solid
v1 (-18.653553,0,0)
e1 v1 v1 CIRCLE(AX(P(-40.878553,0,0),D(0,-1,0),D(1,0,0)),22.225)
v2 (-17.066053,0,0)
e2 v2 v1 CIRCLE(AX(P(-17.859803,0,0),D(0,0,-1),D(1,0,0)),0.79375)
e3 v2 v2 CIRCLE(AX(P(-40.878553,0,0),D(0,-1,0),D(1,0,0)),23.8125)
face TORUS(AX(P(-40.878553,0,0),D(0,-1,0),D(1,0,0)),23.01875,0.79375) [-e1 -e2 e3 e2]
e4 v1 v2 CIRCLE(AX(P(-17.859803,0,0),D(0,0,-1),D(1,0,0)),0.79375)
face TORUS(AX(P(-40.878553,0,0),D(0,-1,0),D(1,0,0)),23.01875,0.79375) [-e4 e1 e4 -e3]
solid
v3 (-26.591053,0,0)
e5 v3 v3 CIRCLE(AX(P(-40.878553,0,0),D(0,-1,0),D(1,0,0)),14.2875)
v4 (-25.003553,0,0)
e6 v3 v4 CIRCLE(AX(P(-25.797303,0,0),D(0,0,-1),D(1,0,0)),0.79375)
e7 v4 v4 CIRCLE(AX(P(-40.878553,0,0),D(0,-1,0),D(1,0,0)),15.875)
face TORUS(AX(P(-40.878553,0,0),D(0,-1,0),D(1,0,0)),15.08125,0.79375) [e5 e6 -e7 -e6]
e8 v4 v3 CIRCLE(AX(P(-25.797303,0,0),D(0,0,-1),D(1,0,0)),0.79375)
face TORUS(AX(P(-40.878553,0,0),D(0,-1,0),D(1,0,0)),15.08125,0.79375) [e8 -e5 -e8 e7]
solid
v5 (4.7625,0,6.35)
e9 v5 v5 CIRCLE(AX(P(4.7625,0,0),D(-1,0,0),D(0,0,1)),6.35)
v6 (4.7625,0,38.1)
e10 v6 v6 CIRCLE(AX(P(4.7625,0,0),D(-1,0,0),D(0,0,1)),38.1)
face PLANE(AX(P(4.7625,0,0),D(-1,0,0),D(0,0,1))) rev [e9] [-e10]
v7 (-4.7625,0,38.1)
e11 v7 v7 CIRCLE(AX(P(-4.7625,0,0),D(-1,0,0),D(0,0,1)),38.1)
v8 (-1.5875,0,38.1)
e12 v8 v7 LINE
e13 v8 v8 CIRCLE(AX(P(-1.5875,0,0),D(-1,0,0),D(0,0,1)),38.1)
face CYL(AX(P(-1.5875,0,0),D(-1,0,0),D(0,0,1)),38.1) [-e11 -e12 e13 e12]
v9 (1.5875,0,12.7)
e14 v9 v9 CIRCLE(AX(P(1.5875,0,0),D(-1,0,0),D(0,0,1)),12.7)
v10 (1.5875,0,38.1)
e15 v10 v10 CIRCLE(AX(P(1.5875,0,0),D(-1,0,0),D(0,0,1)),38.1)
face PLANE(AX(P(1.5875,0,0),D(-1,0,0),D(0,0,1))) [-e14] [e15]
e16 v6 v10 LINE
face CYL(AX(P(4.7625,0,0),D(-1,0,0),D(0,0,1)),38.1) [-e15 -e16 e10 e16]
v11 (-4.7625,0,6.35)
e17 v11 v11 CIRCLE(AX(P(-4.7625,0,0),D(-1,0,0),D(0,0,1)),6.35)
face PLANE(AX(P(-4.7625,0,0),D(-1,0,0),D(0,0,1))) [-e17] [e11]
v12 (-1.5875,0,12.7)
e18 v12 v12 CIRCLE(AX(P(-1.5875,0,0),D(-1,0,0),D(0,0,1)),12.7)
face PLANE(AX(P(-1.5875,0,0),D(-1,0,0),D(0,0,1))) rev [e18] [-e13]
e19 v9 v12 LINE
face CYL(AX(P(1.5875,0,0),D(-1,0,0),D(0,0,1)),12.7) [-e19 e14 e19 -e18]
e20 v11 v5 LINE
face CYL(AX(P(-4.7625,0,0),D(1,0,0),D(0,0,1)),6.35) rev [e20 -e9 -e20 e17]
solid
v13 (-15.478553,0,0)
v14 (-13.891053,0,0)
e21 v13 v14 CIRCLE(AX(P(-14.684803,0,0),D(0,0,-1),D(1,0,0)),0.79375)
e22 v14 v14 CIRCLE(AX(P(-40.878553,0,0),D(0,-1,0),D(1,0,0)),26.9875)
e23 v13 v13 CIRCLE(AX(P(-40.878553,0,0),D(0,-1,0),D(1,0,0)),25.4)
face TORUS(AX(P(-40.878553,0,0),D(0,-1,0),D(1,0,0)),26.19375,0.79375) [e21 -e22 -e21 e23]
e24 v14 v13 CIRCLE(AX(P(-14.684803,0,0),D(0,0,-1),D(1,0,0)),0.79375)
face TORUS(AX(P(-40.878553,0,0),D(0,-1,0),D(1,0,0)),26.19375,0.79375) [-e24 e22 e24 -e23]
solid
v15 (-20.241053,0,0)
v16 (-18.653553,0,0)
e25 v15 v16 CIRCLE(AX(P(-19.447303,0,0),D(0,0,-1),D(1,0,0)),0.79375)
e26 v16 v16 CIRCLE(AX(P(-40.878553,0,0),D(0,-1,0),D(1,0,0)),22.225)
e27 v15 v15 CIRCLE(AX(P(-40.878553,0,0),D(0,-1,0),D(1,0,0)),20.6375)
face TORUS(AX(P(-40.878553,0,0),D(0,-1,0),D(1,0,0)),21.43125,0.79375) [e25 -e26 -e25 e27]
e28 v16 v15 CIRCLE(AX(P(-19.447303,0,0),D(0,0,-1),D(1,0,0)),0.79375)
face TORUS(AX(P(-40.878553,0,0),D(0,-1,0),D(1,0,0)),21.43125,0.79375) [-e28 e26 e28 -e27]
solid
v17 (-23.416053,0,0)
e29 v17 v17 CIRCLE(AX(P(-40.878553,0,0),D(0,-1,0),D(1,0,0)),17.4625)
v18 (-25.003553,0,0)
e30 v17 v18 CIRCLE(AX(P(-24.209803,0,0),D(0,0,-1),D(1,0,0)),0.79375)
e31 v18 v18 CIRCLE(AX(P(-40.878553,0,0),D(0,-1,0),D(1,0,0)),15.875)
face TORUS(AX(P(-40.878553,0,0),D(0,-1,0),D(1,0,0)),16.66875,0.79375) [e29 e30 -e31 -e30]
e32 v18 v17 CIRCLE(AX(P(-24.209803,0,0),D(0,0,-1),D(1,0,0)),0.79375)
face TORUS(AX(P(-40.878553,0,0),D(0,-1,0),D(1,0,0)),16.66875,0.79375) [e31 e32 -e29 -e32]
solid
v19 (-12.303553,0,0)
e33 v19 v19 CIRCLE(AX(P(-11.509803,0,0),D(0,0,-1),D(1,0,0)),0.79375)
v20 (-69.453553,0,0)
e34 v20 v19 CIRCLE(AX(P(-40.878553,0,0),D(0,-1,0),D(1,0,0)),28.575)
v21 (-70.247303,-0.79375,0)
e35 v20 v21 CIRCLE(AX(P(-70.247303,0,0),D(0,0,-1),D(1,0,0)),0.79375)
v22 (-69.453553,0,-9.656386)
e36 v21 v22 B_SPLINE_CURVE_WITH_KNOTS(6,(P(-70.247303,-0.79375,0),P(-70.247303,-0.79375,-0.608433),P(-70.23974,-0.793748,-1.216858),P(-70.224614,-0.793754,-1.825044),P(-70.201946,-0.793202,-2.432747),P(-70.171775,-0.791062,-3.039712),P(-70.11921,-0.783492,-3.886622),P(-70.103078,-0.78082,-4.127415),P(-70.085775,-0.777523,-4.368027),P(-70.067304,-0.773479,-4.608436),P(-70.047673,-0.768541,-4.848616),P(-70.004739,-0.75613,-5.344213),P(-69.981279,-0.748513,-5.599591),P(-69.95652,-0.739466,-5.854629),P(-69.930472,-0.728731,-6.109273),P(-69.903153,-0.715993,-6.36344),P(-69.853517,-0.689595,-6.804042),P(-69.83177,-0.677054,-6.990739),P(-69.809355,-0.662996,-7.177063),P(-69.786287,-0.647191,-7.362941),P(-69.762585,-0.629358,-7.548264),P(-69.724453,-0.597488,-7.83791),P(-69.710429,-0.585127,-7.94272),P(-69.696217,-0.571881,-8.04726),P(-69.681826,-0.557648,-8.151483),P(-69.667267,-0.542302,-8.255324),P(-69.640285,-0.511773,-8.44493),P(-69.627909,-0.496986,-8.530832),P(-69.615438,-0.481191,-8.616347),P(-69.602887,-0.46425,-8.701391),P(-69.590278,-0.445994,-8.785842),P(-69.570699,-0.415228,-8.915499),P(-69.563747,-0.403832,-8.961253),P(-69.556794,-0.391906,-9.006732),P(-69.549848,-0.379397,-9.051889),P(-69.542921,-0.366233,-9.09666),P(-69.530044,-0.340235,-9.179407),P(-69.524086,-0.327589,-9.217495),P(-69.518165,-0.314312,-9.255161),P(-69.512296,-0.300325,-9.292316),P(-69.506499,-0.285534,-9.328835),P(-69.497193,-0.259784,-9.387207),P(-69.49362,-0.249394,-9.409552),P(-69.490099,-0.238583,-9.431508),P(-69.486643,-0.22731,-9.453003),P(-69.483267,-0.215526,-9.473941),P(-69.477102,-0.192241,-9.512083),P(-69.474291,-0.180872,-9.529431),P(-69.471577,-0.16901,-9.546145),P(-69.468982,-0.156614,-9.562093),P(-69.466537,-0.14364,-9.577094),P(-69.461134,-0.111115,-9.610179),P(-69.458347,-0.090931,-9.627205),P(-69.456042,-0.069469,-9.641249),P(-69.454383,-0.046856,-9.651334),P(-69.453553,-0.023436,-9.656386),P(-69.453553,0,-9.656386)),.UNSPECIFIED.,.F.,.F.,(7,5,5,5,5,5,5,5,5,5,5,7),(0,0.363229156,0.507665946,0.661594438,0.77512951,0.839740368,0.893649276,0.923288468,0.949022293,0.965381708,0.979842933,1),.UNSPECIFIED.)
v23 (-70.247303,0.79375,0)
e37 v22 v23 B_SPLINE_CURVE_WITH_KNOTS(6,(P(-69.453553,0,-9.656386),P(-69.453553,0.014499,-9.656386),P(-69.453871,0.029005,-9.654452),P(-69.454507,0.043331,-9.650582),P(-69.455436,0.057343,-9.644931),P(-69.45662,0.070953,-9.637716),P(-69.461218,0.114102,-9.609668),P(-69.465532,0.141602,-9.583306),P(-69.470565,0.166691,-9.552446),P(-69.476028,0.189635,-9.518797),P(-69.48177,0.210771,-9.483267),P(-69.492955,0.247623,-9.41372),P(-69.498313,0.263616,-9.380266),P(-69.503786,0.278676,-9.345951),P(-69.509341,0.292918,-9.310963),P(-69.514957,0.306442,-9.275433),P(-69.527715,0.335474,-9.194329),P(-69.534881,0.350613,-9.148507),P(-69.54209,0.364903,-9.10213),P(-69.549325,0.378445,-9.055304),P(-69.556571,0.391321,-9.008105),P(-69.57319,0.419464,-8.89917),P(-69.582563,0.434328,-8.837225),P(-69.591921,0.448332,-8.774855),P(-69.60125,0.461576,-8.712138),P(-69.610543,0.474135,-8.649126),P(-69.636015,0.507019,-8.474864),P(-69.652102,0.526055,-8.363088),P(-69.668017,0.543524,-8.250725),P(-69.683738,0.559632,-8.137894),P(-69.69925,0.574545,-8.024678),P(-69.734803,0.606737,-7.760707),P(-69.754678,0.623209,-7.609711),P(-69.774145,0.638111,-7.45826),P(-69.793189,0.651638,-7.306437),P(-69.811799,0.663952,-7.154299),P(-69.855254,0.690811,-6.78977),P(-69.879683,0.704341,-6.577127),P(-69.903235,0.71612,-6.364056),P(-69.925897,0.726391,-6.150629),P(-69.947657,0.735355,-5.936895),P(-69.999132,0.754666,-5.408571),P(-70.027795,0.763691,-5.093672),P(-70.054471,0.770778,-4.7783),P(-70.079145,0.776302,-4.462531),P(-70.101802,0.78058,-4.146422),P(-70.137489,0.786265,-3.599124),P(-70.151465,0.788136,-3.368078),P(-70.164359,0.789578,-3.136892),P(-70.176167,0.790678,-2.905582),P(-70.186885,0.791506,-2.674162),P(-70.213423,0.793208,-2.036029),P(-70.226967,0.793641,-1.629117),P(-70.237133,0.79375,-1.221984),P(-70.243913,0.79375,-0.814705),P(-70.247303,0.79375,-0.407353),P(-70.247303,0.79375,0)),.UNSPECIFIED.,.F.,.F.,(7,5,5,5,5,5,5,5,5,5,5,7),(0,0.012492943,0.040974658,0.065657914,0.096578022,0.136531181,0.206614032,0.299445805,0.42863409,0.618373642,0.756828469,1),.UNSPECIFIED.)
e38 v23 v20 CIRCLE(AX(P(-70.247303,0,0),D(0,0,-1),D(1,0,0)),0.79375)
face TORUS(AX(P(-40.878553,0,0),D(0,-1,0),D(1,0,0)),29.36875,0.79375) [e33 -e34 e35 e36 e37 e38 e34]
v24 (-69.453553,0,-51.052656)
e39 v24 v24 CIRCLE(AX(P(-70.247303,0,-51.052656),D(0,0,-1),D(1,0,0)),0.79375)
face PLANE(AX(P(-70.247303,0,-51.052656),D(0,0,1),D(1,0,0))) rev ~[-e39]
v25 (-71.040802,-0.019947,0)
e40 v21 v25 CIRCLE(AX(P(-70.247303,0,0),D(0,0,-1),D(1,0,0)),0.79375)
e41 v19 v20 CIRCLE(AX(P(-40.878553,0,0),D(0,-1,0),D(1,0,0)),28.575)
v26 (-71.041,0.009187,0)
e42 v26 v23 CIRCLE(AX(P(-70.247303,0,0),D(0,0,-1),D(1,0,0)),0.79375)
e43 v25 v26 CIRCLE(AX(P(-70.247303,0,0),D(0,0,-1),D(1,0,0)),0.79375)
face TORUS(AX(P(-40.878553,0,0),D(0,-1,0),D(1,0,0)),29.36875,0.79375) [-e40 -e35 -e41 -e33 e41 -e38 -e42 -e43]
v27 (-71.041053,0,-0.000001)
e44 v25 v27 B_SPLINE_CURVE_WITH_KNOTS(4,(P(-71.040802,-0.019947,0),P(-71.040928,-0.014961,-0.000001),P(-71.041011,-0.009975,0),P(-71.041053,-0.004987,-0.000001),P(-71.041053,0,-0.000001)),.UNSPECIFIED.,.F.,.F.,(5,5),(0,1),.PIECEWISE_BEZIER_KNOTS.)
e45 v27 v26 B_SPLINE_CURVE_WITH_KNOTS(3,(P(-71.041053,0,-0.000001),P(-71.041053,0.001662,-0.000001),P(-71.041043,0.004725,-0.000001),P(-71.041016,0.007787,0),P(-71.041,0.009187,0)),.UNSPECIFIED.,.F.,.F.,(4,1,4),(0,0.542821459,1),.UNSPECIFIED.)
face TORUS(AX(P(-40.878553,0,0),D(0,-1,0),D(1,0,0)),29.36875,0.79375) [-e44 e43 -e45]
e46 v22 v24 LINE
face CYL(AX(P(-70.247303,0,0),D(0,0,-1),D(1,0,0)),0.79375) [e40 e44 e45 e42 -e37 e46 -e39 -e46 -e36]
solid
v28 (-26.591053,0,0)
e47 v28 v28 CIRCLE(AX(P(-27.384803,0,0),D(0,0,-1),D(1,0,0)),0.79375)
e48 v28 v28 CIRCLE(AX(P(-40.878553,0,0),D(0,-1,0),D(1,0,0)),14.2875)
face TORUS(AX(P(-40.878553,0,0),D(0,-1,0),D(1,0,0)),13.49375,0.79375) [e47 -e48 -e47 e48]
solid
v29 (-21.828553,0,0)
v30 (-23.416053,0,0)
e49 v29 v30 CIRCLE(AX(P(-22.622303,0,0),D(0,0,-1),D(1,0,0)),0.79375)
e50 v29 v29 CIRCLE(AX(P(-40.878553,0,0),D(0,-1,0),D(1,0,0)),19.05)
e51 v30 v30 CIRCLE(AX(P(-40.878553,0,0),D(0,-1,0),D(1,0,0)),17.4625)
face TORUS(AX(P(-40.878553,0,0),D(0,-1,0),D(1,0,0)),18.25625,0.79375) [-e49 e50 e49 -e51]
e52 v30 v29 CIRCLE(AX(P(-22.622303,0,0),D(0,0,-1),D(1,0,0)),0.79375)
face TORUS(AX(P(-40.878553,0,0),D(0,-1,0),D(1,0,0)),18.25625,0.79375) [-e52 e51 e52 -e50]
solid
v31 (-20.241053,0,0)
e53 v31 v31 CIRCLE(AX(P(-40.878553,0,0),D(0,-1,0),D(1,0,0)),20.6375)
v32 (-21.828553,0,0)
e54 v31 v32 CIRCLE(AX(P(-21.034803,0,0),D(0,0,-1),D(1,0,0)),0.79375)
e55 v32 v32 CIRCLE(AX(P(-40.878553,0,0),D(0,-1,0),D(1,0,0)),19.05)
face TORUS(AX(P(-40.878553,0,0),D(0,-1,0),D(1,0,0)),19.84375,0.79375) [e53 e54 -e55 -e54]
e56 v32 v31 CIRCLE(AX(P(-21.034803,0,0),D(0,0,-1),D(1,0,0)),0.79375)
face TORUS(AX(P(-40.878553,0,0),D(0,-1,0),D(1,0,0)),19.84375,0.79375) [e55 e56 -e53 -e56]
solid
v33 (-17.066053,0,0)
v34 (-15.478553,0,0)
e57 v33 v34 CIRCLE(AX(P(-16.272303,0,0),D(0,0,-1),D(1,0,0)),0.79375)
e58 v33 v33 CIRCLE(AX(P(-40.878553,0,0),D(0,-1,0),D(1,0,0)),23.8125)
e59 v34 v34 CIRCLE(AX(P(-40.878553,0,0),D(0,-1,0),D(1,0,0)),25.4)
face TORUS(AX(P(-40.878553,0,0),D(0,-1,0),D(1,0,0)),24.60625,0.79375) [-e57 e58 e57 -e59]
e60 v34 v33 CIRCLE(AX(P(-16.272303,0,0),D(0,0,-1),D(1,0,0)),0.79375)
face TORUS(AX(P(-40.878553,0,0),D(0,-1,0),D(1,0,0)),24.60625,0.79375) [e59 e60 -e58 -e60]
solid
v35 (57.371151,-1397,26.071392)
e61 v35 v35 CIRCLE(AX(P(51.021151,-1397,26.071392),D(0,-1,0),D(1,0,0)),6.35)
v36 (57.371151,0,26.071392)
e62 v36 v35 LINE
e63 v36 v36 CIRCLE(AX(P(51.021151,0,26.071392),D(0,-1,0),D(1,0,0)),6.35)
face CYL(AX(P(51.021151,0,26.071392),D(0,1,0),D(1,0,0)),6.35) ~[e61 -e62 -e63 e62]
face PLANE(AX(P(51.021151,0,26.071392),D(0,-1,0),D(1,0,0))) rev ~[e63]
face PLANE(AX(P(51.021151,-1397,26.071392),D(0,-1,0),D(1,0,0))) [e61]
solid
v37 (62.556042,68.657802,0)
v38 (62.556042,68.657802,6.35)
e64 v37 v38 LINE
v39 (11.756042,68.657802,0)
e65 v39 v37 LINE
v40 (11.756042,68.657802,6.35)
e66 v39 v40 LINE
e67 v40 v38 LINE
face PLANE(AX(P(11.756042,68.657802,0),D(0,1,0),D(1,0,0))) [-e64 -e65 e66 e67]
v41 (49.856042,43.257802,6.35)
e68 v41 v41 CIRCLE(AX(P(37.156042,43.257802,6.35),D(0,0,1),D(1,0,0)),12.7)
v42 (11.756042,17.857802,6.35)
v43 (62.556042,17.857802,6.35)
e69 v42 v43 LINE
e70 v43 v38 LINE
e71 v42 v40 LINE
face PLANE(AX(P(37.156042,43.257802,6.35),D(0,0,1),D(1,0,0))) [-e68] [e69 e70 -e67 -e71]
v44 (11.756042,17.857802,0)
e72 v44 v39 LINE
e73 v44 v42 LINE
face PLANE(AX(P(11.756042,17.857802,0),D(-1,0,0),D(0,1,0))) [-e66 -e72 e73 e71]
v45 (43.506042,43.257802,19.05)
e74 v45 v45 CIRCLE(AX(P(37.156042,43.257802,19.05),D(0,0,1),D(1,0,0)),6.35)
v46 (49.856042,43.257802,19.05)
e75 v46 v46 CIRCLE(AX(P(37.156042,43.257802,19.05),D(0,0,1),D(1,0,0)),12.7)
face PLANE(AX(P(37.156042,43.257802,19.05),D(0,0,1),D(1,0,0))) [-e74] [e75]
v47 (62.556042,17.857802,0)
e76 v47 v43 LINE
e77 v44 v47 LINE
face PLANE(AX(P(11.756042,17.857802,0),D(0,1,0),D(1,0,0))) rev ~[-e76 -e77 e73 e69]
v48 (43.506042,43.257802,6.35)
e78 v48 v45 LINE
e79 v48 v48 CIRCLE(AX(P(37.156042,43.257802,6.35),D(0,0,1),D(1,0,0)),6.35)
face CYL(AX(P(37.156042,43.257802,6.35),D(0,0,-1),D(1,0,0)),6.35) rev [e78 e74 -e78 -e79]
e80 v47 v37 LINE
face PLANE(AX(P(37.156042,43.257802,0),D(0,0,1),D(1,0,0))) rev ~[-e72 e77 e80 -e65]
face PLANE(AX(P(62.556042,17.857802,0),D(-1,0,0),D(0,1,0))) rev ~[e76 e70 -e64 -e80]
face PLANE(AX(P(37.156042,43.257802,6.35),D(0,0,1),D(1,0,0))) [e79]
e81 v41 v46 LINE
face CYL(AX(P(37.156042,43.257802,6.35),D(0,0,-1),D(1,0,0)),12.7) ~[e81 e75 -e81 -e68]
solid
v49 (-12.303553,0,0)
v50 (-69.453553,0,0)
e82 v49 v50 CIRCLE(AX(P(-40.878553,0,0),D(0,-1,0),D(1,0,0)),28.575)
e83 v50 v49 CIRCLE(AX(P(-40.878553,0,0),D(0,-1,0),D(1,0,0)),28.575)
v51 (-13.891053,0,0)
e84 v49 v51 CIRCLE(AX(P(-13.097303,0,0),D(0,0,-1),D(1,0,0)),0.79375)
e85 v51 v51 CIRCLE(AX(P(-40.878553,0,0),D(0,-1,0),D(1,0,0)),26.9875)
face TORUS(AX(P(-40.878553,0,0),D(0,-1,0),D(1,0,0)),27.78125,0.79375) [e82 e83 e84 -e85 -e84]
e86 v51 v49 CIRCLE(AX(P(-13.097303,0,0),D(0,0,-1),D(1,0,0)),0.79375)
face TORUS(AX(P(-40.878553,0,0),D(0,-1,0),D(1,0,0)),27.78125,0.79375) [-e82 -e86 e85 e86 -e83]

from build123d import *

# Parameters (mm, degrees)
F5_R      = 0.79375
F7_R      = 6.35
F8_DEPTH  = 1397
F9_W      = 50.8
F9_H      = 50.8
F10_DEPTH = 6.35
F11_R     = 12.7
F11_R_2   = 6.35
F12_DEPTH = 12.7


with BuildPart() as f1:
    # F0 (on Front) → F1 (revolve)
    with BuildSketch(Plane.XZ):
        Polygon((-4.7625, 38.1), (-4.7625, 6.35), (0, 6.35), (0, 12.7), (-1.5875, 12.7), (-1.5875, 38.1), align=None)
        Polygon((0, 12.7), (0, 6.35), (4.7625, 6.35), (4.7625, 38.1), (1.5875, 38.1), (1.5875, 12.7), align=None)
    revolve(axis=Axis((-34.4531462298, 0, 0), (-1, 0, 0)))


with BuildPart() as f4:
    # F4: sweep along a path in F2
    with BuildLine(Plane.XZ) as f4_path:
        CenterArc((-40.8785529435, 0), 12.7, 0, 360)
    # F3 (on Top) → F4 (sweep)
    with BuildSketch(Plane.XY):
        with BuildLine():
            Line((-12.3035529435, 0), (-10.7160529435, 0))
            ThreePointArc((-10.7160529435, 0), (-11.5098029435, 0.79375), (-12.3035529435, 0))
        make_face()
        with BuildLine():
            Line((-13.8910529435, 0), (-12.3035529435, 0))
            ThreePointArc((-12.3035529435, 0), (-13.0973029435, 0.79375), (-13.8910529435, 0))
        make_face()
        with BuildLine():
            Line((-15.4785529435, 0), (-13.8910529435, 0))
            ThreePointArc((-13.8910529435, 0), (-14.6848029435, 0.79375), (-15.4785529435, 0))
        make_face()
        with BuildLine():
            Line((-17.0660529435, 0), (-15.4785529435, 0))
            ThreePointArc((-15.4785529435, 0), (-16.2723029435, 0.79375), (-17.0660529435, 0))
        make_face()
        with BuildLine():
            Line((-18.6535529435, 0), (-17.0660529435, 0))
            ThreePointArc((-17.0660529435, 0), (-17.8598029435, 0.79375), (-18.6535529435, 0))
        make_face()
        with BuildLine():
            Line((-20.2410529435, 0), (-18.6535529435, 0))
            ThreePointArc((-18.6535529435, 0), (-19.4473029435, 0.79375), (-20.2410529435, 0))
        make_face()
        with BuildLine():
            Line((-21.8285529435, 0), (-20.2410529435, 0))
            ThreePointArc((-20.2410529435, 0), (-21.0348029435, 0.79375), (-21.8285529435, 0))
        make_face()
        with BuildLine():
            Line((-23.4160529435, 0), (-21.8285529435, 0))
            ThreePointArc((-21.8285529435, 0), (-22.6223029435, 0.79375), (-23.4160529435, 0))
        make_face()
        with BuildLine():
            Line((-25.0035529435, 0), (-23.4160529435, 0))
            ThreePointArc((-23.4160529435, 0), (-24.2098029435, 0.79375), (-25.0035529435, 0))
        make_face()
        with BuildLine():
            Line((-26.5910529435, 0), (-25.0035529435, 0))
            ThreePointArc((-25.0035529435, 0), (-25.7973029435, 0.79375), (-26.5910529435, 0))
        make_face()
        with BuildLine():
            Line((-28.1785529435, 0), (-26.5910529435, 0))
            ThreePointArc((-26.5910529435, 0), (-27.3848029435, 0.79375), (-28.1785529435, 0))
        make_face()
        with BuildLine():
            ThreePointArc((-12.3035529435, 0), (-11.5098029435, -0.79375), (-10.7160529435, 0))
            Line((-10.7160529435, 0), (-12.3035529435, 0))
        make_face()
        with BuildLine():
            ThreePointArc((-13.8910529435, 0), (-13.0973029435, -0.79375), (-12.3035529435, 0))
            Line((-12.3035529435, 0), (-13.8910529435, 0))
        make_face()
        with BuildLine():
            ThreePointArc((-15.4785529435, 0), (-14.6848029435, -0.79375), (-13.8910529435, 0))
            Line((-13.8910529435, 0), (-15.4785529435, 0))
        make_face()
        with BuildLine():
            ThreePointArc((-17.0660529435, 0), (-16.2723029435, -0.79375), (-15.4785529435, 0))
            Line((-15.4785529435, 0), (-17.0660529435, 0))
        make_face()
        with BuildLine():
            ThreePointArc((-18.6535529435, 0), (-17.8598029435, -0.79375), (-17.0660529435, 0))
            Line((-17.0660529435, 0), (-18.6535529435, 0))
        make_face()
        with BuildLine():
            ThreePointArc((-20.2410529435, 0), (-19.4473029435, -0.79375), (-18.6535529435, 0))
            Line((-18.6535529435, 0), (-20.2410529435, 0))
        make_face()
        with BuildLine():
            ThreePointArc((-21.8285529435, 0), (-21.0348029435, -0.79375), (-20.2410529435, 0))
            Line((-20.2410529435, 0), (-21.8285529435, 0))
        make_face()
        with BuildLine():
            ThreePointArc((-23.4160529435, 0), (-22.6223029435, -0.79375), (-21.8285529435, 0))
            Line((-21.8285529435, 0), (-23.4160529435, 0))
        make_face()
        with BuildLine():
            ThreePointArc((-25.0035529435, 0), (-24.2098029435, -0.79375), (-23.4160529435, 0))
            Line((-23.4160529435, 0), (-25.0035529435, 0))
        make_face()
        with BuildLine():
            ThreePointArc((-26.5910529435, 0), (-25.7973029435, -0.79375), (-25.0035529435, 0))
            Line((-25.0035529435, 0), (-26.5910529435, 0))
        make_face()
        with BuildLine():
            ThreePointArc((-28.1785529435, 0), (-27.3848029435, -0.79375), (-26.5910529435, 0))
            Line((-26.5910529435, 0), (-28.1785529435, 0))
        make_face()
    sweep(path=f4_path.line)

    # F6: sweep along a path in F2
    with BuildLine(Plane.XZ) as f6_path:
        Line((-69.4535529435, 0), (-69.4535529435, -51.0526560247))
    # F5 (on Top) → F6 (sweep)
    with BuildSketch(Plane.XY):
        with Locations((-70.2473029435, 0)):
            Circle(F5_R)
    sweep(path=f6_path.line)


with BuildPart() as f8:
    # F7 (on Front) → F8 (new body)
    with BuildSketch(Plane.XZ):
        with Locations((51.0211512446, 26.0713919997)):
            Circle(F7_R)
    extrude(amount=F8_DEPTH)


with BuildPart() as f10:
    # F9 (on Top) → F10 (new body)
    with BuildSketch(Plane.XY):
        with Locations((37.1560424894, 43.2578018067)):
            Rectangle(F9_W, F9_H)
    extrude(amount=F10_DEPTH)

    # F11 (on face) → F12 (join)
    with BuildSketch(Plane.XY.offset(6.35)):
        with Locations((37.1560424894, 43.2578018067)):
            Circle(F11_R)
        with Locations((37.1560424894, 43.2578018067)):
            Circle(F11_R_2, mode=Mode.SUBTRACT)
    extrude(amount=F12_DEPTH)


solid = Compound([f1.part, f4.part, f8.part, f10.part])
